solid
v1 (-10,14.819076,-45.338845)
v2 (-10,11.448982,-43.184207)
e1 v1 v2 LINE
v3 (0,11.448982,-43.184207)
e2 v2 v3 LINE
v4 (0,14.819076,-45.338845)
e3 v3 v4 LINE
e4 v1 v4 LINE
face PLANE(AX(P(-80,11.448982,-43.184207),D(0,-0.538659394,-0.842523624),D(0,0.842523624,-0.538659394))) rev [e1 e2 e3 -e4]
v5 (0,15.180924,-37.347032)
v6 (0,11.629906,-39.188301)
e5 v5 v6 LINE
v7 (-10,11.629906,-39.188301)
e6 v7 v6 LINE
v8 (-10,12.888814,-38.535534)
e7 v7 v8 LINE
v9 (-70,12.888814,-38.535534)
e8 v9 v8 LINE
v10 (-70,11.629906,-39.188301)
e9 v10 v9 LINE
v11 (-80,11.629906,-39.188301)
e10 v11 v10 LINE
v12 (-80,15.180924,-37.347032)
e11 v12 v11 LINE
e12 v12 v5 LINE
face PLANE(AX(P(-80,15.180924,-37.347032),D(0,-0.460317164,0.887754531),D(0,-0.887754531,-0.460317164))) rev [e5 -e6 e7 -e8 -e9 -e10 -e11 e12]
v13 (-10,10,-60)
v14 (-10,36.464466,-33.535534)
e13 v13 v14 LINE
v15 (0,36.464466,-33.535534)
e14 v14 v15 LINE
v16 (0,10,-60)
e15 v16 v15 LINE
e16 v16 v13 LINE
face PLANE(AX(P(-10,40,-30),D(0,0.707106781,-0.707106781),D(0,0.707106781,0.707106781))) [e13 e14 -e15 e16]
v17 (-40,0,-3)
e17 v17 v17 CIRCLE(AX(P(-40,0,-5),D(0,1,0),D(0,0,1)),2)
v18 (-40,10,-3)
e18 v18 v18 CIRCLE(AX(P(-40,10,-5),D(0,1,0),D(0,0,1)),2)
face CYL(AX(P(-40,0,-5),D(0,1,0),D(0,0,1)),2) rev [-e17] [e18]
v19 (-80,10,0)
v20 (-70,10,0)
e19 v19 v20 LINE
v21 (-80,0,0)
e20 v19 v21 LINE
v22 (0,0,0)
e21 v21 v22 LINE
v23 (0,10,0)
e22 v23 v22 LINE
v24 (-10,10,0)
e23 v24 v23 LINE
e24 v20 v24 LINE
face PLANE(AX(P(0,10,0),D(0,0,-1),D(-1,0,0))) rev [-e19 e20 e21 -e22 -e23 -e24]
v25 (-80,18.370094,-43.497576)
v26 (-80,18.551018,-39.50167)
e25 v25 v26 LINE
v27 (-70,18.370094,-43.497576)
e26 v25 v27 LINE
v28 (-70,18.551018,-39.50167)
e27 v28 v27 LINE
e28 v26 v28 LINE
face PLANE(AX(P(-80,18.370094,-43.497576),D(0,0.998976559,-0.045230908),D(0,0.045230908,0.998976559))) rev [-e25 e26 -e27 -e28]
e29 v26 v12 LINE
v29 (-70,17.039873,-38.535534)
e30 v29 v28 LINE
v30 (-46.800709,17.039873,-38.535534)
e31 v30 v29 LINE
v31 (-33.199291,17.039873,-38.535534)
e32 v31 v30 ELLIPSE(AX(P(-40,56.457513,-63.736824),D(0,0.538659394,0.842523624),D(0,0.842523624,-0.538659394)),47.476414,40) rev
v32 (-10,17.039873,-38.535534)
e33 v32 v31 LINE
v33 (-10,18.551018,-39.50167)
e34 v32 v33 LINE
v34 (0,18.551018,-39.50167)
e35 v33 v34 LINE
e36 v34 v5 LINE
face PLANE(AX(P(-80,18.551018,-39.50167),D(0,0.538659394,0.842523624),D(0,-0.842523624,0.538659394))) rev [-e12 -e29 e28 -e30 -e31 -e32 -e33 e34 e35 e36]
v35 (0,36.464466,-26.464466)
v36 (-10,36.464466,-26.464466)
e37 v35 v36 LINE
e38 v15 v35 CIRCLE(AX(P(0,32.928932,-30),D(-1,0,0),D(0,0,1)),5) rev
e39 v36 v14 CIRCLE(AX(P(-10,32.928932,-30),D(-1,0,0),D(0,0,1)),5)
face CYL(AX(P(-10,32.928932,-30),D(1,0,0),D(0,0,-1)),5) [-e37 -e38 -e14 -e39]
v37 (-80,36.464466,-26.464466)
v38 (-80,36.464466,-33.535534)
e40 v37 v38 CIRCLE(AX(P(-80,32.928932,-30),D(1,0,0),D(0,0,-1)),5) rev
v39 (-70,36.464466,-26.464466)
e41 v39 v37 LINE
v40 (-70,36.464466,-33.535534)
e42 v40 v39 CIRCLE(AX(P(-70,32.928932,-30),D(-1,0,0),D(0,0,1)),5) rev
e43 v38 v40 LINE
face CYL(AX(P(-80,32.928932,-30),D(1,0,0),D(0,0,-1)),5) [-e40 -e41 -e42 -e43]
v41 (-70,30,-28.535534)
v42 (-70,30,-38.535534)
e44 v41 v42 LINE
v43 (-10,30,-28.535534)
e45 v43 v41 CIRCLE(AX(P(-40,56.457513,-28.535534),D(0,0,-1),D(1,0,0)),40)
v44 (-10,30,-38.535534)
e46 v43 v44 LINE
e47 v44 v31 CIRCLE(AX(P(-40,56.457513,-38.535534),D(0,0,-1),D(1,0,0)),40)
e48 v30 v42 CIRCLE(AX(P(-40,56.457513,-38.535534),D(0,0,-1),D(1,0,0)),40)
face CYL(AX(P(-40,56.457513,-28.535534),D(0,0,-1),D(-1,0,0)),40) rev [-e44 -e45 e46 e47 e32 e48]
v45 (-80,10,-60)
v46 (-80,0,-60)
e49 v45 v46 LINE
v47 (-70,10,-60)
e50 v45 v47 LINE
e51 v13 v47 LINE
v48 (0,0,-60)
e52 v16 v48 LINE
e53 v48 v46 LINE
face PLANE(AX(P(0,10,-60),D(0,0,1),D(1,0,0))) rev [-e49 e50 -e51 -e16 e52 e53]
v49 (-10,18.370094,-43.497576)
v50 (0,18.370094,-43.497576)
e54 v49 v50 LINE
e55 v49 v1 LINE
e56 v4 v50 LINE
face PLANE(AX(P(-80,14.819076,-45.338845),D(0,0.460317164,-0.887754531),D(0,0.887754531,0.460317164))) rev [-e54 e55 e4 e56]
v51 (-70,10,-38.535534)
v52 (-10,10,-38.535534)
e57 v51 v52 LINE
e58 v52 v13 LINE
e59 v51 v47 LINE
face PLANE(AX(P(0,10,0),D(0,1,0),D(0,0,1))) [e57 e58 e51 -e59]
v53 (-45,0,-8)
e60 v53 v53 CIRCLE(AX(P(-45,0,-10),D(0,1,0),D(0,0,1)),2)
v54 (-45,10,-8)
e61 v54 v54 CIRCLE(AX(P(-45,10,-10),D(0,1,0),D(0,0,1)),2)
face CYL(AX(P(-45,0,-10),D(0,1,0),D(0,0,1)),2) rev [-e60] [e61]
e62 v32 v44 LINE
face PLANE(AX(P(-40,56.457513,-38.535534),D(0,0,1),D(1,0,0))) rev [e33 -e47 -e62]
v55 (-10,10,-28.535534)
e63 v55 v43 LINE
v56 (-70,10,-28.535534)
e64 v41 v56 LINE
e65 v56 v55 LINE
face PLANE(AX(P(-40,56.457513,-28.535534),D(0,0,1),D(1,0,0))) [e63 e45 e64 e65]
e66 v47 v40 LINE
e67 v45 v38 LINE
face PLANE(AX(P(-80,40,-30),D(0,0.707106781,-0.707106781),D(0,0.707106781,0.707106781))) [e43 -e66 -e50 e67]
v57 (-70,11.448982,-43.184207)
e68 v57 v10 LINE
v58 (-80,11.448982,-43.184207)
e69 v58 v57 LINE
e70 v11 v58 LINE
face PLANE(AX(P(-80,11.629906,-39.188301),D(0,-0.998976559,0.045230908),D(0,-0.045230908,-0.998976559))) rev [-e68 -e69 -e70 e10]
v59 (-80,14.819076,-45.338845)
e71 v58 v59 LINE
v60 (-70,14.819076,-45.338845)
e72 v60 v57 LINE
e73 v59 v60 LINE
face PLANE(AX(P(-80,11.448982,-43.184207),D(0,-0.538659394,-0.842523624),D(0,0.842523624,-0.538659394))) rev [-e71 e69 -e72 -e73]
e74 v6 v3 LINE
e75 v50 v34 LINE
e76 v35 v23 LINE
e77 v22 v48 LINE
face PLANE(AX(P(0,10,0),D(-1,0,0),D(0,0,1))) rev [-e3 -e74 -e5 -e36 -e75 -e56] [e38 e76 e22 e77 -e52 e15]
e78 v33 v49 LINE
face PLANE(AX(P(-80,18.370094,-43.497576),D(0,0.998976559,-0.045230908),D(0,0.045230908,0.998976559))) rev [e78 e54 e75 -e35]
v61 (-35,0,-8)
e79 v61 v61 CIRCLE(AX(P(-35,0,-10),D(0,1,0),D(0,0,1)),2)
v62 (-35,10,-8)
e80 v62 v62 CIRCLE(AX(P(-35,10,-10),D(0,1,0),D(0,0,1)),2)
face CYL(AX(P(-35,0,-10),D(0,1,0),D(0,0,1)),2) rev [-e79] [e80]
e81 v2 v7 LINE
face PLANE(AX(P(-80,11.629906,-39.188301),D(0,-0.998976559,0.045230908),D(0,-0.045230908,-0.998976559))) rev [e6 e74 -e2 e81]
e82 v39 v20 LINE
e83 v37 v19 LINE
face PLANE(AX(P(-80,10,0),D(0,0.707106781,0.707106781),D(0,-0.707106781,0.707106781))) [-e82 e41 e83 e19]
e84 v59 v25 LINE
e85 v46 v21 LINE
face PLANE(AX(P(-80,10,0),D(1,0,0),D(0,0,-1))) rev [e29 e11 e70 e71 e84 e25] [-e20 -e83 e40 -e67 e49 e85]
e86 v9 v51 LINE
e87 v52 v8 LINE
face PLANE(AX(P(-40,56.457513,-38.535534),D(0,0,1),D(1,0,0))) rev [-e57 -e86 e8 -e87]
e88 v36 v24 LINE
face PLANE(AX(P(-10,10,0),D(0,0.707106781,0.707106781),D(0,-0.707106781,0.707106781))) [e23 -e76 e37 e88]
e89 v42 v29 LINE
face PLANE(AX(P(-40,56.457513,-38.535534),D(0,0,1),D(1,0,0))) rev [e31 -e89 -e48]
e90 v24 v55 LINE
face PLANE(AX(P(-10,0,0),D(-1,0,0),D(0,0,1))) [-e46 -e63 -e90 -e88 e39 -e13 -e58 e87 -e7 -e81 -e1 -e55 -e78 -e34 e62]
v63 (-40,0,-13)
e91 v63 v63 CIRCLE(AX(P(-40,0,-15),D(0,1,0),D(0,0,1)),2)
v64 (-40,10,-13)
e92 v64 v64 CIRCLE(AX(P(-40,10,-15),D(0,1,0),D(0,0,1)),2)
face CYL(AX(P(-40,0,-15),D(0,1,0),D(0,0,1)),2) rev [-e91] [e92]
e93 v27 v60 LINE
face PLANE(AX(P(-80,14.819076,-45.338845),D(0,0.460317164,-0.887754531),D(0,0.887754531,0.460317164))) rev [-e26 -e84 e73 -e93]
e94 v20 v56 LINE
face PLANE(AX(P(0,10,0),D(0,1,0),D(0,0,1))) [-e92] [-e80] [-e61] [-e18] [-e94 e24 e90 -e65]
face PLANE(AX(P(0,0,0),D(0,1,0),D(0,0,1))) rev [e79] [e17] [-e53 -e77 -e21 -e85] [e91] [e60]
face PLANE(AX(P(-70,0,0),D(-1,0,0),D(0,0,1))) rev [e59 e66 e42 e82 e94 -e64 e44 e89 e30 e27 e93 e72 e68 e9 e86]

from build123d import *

# Parameters (mm, degrees)
SKETCH1_W           = 80
SKETCH1_H           = 60
BOSS_EXTRUDE1_DEPTH = 10
BOSS_EXTRUDE2_DEPTH = 10
LPATTERN2_COUNT     = 2
LPATTERN2_PITCH     = 70
FILLET1_R           = 5
BOSS_EXTRUDE3_START = -33.53553
BOSS_EXTRUDE3_DEPTH = 5
SKETCH4_R           = 2
CUT_EXTRUDE1_DEPTH  = 11
CUT_EXTRUDE2_DEPTH  = 81


with BuildPart() as part:
    # Sketch1 → Boss-Extrude1 (new body)
    with BuildSketch(Plane(origin=(0, 0, 0), x_dir=(1, 0, 0), z_dir=(0, 1, 0))):
        with Locations((-40, 30)):
            Rectangle(SKETCH1_W, SKETCH1_H)
    extrude(amount=BOSS_EXTRUDE1_DEPTH)

    # Sketch2 → Boss-Extrude2 (add)
    with BuildSketch(Plane(origin=(0, 0, 0), x_dir=(0, 0, -1), z_dir=(1, 0, 0))):
        Polygon((0, 10), (30, 40), (60, 10), align=None)
    boss_extrude2 = extrude(amount=-BOSS_EXTRUDE2_DEPTH)

    # LPattern2: Boss-Extrude2 ×2
    with Locations(*[(-i * LPATTERN2_PITCH, 0, 0) for i in range(1, LPATTERN2_COUNT)]):
        add(boss_extrude2)

    # Fillet1
    fillet1_edges = [part.edges().sort_by_distance(p)[0] for p in [
        (-5, 40, -30),
        (-75, 40, -30),
    ]]
    fillet(fillet1_edges, radius=FILLET1_R)

    # Sketch3 → Boss-Extrude3 (add, symmetric)
    with BuildSketch(Plane.XY.offset(BOSS_EXTRUDE3_START)):
        with BuildLine():
            Line((-70, 30), (-70, 10))
            Line((-70, 10), (-10, 10))
            Line((-10, 10), (-10, 30))
            ThreePointArc((-10, 30), (-40, 16.457513111), (-70, 30))
        make_face()
    extrude(amount=BOSS_EXTRUDE3_DEPTH, both=True)

    # Sketch4 → Cut-Extrude1 (cut, through all)
    with BuildSketch(Plane(origin=(0, 10, 0), x_dir=(1, 0, 0), z_dir=(0, 1, 0))):
        with Locations((-40, 15)):
            Circle(SKETCH4_R)
        with Locations((-35, 10)):
            Circle(SKETCH4_R)
        with Locations((-40, 5)):
            Circle(SKETCH4_R)
        with Locations((-45, 10)):
            Circle(SKETCH4_R)
    extrude(amount=-CUT_EXTRUDE1_DEPTH, mode=Mode.SUBTRACT)

    # Sketch5 → Cut-Extrude2 (cut, through all)
    with BuildSketch(Plane(origin=(0, 0, 0), x_dir=(0, 0, -1), z_dir=(1, 0, 0))):
        Polygon((43.184207347, 11.448981874), (45.338844925, 14.81907637), (43.497576267, 18.370094496), (39.501670032, 18.551018126), (37.347032454, 15.18092363), (39.188301112, 11.629905504), align=None)
    extrude(amount=-CUT_EXTRUDE2_DEPTH, mode=Mode.SUBTRACT)


solid = part.part
